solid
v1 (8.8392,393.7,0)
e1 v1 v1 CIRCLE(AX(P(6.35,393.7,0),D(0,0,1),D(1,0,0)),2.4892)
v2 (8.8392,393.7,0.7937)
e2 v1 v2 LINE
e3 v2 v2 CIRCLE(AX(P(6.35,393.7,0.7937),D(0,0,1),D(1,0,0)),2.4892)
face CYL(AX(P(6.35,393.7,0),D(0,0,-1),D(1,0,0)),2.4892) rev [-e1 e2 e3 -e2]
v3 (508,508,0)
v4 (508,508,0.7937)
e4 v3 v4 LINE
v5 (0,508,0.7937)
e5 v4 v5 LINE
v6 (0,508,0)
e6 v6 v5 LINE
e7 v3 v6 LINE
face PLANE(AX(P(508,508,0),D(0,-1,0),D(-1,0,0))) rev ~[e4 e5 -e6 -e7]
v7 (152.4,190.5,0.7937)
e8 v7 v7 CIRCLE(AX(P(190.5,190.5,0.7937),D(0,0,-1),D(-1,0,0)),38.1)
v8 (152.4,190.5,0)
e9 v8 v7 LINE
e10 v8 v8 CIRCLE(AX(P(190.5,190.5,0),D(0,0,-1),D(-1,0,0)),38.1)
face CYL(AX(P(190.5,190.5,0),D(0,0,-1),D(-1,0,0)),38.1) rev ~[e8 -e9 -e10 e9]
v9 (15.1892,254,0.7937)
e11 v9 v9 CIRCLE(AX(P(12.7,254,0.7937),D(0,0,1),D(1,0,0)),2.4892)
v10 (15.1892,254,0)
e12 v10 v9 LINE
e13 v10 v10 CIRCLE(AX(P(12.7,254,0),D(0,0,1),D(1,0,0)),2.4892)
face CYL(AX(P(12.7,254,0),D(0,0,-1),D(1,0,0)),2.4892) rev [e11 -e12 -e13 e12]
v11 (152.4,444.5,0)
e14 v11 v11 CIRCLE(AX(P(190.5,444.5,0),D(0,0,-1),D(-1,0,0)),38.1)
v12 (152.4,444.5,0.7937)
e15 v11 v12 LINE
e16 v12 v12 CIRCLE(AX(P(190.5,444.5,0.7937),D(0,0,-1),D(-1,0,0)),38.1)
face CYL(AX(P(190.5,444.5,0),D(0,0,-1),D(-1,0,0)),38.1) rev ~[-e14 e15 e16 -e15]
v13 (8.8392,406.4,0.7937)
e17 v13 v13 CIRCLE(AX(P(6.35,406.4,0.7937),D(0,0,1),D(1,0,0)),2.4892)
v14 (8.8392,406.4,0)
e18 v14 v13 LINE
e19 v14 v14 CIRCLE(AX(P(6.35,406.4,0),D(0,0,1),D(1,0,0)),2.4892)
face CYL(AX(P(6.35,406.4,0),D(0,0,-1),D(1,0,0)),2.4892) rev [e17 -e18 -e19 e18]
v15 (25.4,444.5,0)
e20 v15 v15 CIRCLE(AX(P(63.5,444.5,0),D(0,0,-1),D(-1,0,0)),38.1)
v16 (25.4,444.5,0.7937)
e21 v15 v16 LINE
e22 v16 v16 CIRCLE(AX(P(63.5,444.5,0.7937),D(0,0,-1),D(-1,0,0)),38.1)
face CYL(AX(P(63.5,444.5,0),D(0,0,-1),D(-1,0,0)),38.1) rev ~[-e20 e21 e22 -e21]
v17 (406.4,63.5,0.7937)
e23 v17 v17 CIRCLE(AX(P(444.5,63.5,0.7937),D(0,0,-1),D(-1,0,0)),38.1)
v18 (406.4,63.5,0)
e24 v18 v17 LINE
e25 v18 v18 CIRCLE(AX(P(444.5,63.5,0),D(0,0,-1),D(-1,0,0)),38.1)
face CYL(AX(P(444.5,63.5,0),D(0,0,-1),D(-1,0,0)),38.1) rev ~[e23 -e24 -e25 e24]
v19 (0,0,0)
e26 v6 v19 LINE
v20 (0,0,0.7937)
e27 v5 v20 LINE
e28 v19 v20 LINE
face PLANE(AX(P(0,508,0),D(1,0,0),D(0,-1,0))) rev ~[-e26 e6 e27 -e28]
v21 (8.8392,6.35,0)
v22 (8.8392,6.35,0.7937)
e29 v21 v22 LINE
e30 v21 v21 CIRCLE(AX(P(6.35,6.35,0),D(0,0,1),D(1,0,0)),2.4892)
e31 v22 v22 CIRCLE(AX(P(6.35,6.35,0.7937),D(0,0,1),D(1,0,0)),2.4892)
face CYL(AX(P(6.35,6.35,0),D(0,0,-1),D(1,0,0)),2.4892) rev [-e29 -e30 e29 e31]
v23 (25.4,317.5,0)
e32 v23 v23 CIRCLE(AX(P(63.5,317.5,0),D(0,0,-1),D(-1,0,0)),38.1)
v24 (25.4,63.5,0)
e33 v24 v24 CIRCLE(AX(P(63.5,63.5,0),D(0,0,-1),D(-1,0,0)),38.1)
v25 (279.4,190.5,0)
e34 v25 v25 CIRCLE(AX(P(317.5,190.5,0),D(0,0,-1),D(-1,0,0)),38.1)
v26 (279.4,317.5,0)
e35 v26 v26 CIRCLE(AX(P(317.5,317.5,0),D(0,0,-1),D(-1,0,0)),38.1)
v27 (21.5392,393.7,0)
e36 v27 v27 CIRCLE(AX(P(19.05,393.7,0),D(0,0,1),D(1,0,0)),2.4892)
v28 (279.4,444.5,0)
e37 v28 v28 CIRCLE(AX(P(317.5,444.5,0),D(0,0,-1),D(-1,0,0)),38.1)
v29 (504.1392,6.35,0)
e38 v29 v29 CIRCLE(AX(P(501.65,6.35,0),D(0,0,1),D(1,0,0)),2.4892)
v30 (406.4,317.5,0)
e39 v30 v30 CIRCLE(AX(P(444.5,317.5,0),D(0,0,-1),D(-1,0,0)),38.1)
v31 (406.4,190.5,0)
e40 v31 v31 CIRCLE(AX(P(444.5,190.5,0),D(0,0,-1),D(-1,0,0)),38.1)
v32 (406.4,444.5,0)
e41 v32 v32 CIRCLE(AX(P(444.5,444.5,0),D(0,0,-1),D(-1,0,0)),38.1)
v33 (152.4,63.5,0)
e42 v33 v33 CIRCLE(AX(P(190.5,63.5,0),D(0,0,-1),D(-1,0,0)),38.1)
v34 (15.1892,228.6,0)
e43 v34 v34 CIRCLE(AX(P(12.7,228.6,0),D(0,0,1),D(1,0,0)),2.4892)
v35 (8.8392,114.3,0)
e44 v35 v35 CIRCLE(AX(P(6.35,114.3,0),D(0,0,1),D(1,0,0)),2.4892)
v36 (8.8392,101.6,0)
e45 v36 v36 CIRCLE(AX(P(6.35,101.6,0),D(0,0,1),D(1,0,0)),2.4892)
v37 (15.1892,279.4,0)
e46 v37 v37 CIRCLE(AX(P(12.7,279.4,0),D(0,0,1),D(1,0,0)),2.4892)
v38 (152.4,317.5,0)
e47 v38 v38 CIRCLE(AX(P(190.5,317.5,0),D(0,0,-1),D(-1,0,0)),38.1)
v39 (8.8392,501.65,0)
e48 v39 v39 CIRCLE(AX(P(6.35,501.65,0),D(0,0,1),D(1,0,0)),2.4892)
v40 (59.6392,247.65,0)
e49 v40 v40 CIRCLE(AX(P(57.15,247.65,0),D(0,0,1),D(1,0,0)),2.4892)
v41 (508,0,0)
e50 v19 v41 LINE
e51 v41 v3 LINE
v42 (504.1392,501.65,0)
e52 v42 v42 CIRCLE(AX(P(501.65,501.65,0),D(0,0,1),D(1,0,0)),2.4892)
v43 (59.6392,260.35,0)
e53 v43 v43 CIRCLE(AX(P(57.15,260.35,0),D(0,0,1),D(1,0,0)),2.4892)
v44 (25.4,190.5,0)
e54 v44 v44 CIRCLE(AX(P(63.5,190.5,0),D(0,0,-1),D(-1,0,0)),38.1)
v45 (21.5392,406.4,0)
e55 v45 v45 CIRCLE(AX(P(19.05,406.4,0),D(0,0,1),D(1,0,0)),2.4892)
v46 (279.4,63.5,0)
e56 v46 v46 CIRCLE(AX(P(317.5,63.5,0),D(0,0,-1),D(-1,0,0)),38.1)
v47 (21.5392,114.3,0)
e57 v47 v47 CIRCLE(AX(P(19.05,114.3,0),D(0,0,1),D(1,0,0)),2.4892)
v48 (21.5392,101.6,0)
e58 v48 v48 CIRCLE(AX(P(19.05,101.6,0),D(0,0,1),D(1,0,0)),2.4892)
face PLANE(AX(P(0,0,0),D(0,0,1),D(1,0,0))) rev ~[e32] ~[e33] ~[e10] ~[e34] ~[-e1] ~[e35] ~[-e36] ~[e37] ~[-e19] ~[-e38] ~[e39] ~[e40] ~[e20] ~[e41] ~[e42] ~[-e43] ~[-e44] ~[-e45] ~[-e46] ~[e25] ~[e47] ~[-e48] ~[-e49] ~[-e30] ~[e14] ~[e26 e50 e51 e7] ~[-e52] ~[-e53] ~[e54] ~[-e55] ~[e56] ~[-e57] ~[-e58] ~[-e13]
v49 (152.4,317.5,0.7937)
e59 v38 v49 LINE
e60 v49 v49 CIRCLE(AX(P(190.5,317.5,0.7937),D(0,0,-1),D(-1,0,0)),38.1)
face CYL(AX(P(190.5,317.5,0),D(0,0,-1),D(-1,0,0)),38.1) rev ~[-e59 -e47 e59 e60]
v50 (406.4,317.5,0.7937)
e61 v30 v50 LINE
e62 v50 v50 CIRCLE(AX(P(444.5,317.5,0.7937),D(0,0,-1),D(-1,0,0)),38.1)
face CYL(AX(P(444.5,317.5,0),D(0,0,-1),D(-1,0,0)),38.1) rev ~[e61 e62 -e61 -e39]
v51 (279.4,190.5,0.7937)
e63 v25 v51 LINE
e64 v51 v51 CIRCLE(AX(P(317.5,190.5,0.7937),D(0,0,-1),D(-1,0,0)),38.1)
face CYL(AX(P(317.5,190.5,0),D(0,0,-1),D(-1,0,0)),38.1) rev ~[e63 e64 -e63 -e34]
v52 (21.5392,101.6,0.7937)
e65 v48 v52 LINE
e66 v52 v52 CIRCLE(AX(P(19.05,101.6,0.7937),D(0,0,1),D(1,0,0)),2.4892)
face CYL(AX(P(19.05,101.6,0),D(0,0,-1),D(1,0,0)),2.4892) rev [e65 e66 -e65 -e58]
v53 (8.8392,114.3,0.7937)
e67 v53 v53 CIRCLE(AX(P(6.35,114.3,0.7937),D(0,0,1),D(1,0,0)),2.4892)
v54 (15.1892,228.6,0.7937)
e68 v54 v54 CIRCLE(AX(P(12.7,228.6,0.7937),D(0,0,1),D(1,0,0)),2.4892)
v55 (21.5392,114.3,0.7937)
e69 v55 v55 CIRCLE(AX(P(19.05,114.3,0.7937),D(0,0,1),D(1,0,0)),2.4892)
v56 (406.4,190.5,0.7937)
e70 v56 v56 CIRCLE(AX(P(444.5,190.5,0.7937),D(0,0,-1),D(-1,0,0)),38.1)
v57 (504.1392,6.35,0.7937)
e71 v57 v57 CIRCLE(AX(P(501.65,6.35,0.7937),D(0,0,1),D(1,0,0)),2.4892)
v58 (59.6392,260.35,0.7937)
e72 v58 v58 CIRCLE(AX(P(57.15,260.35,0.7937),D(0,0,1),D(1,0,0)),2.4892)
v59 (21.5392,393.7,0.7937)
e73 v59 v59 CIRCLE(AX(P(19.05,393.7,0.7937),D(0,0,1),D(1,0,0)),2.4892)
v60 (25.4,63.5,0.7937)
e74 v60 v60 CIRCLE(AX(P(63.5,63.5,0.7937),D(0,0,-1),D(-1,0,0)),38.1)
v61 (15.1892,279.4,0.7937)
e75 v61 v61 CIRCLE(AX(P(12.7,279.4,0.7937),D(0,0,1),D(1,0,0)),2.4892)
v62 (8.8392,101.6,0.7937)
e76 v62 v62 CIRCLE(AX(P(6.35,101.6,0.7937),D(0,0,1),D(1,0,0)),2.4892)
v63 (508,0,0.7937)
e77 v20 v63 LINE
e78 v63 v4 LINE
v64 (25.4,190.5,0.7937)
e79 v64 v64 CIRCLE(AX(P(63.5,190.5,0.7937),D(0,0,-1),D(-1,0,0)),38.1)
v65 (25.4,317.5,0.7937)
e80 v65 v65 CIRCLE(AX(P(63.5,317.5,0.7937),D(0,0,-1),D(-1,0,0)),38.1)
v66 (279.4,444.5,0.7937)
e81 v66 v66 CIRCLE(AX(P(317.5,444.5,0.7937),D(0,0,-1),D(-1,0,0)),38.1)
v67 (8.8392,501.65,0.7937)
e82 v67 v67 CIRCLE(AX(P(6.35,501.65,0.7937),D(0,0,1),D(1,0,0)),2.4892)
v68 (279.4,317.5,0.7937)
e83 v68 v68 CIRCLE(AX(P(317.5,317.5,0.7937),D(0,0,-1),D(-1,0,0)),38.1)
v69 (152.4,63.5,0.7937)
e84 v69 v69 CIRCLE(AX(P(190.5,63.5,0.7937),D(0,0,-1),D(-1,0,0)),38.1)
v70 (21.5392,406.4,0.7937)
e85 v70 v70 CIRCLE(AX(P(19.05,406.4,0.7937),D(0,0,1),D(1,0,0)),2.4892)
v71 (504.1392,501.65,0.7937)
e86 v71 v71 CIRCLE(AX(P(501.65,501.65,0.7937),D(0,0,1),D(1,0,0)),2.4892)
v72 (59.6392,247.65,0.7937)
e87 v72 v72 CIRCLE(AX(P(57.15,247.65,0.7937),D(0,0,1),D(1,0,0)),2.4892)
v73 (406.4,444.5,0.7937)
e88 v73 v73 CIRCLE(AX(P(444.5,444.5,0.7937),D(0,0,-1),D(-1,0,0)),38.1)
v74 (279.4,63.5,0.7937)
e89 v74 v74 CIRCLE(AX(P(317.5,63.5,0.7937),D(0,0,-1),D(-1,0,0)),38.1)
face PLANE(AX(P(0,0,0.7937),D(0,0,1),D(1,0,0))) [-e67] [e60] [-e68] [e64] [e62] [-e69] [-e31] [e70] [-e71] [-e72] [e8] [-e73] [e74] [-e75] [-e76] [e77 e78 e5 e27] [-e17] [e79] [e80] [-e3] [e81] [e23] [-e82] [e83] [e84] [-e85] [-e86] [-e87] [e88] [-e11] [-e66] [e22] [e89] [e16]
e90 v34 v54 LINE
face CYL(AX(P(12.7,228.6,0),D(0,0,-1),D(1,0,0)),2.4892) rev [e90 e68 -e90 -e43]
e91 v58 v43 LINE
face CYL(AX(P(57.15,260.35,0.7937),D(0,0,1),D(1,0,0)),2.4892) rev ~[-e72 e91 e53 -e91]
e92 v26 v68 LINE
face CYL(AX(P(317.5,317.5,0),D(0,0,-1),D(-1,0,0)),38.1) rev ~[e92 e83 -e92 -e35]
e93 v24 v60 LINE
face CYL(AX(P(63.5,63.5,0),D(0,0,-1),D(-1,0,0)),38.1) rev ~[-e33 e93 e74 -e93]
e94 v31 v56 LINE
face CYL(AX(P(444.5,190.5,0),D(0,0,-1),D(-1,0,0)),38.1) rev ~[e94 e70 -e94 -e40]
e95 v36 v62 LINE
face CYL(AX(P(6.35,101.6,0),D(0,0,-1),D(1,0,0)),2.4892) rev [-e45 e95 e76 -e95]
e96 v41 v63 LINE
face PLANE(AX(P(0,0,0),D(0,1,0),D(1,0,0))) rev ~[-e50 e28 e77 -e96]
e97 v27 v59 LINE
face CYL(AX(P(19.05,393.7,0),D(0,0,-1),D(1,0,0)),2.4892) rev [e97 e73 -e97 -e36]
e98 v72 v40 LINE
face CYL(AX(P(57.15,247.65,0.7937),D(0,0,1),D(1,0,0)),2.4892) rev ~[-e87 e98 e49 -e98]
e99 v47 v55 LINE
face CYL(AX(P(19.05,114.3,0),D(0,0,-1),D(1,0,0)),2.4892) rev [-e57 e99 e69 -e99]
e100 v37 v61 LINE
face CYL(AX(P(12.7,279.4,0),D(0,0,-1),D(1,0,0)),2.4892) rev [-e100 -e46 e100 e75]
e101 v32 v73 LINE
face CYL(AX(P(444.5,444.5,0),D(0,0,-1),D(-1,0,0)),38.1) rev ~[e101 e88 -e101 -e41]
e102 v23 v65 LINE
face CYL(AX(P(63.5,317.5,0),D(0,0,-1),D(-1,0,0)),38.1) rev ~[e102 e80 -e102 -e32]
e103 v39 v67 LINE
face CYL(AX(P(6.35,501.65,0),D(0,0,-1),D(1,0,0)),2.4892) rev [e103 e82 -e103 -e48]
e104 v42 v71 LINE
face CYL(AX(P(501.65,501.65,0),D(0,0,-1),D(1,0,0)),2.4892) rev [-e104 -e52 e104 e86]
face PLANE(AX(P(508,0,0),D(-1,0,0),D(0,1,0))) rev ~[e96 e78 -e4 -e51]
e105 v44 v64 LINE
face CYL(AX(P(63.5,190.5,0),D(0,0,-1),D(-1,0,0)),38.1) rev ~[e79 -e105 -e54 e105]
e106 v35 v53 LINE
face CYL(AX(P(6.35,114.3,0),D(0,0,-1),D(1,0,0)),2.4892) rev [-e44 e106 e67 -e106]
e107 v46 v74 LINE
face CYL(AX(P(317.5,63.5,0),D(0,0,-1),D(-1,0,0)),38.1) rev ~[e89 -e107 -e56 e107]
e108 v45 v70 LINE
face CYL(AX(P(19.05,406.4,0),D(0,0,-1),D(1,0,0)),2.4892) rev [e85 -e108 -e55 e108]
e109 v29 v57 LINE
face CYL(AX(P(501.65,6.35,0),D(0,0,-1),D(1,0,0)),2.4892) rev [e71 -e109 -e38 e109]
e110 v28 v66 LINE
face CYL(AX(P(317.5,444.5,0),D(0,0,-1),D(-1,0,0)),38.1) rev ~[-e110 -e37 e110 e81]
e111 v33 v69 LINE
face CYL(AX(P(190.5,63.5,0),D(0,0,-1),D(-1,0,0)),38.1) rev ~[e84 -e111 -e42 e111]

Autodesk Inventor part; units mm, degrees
ref_plane "YZ Plane" through (0, 0, 0) normal (1, 0, 0) x (0, 1, 0)
ref_plane "XZ Plane" through (0, 0, 0) normal (0, 1, 0) x (-1, 0, 0)
ref_plane "XY Plane" through (0, 0, 0) normal (0, 0, 1) x (1, 0, 0)
sketch "Sketch1" plane through (0, 0, 0) normal (0, 0, 1) x (1, 0, 0)
  line L0 (0, 0) -> (508, 0)
  line L1 (508, 0) -> (508, 508)
  line L2 (508, 508) -> (0, 508)
  line L3 (0, 508) -> (0, 0)
  line L4 (0, 254) -> (508, 254) construction
  line L5 (254, 508) -> (254, 0) construction
  line L6 (25.4, 482.6) -> (482.6, 482.6) construction
  line L7 (482.6, 482.6) -> (482.6, 25.4) construction
  line L8 (482.6, 25.4) -> (25.4, 25.4) construction
  line L9 (25.4, 25.4) -> (25.4, 482.6) construction
  circle A0 centre (6.35, 501.65) radius 2.4892
  circle A1 centre (501.65, 501.65) radius 2.4892
  circle A2 centre (501.65, 6.35) radius 2.4892
  circle A3 centre (6.35, 6.35) radius 2.4892
  line L10 (254, 254) -> (25.4, 254) construction
  circle A4 centre (6.35, 406.4) radius 2.4892
  circle A5 centre (6.35, 393.7) radius 2.4892
  circle A6 centre (19.05, 406.4) radius 2.4892
  circle A7 centre (19.05, 393.7) radius 2.4892
  circle A8 centre (6.35, 101.6) radius 2.4892
  circle A9 centre (6.35, 114.3) radius 2.4892
  circle A10 centre (19.05, 101.6) radius 2.4892
  circle A11 centre (19.05, 114.3) radius 2.4892
  line L11 (0, 292.1) -> (19.05, 292.1) construction
  line L12 (19.05, 292.1) -> (19.05, 215.9) construction
  line L13 (19.05, 215.9) -> (0, 215.9) construction
  line L14 (0, 215.9) -> (0, 292.1) construction
  circle A12 centre (12.7, 279.4) radius 2.4892
  circle A13 centre (12.7, 228.6) radius 2.4892
  circle A14 centre (12.7, 254) radius 2.4892
  dimension "d5" = 508
  dimension "d6" = 508
  dimension "d12" = 25.4
  dimension "d67" = 4.9784
  dimension "d69" = 6.35
  dimension "d70" = 6.35
  dimension "d106" = 4.9784
  dimension "d109" = 12.7
  dimension "d112" = 12.7
  dimension "d115" = 6.35
  dimension "d116" = 101.6
  dimension "d117" = 19.05
  dimension "d118" = 76.2
  dimension "d119" = 4.9784
  dimension "d120" = 12.7
  dimension "d121" = 6.35
  dimension "d123" = 6.35
extrude "Extrusion1" add sketch "Sketch1" along normal blind 0.7937
sketch "Sketch3" plane through (0, 0, 0) normal (0, 0, -1) x (-1, 0, 0)
  line L0 (-508, 508) -> (0, 508) projected
  line L1 (-508, 0) -> (-508, 508) projected
  circle A0 centre (-444.5, 444.5) radius 38.1
  dimension "d26" = 76.2
  dimension "d27" = 63.5
  dimension "d28" = 63.5
extrude "Extrusion3" cut sketch "Sketch3" against normal blind 1.5875
pattern_linear "Rectangular Pattern1" count 4 spacing 127 along (-1, 0, 0) count 4 spacing 127 along (0, -1, 0) of "Extrusion3"
sketch "Sketch4" plane through (0, 0, 0.7937) normal (0, 0, 1) x (1, 0, 0)
  circle A0 centre (12.7, 254) radius 2.4892 projected
  line L0 (508, 0) -> (508, 508) projected
  line L1 (0, 508) -> (0, 0) projected
  line L2 (63.5, 266.7) -> (50.8, 266.7) construction
  line L3 (50.8, 266.7) -> (50.8, 241.3) construction
  line L4 (50.8, 241.3) -> (63.5, 241.3) construction
  line L5 (63.5, 241.3) -> (63.5, 266.7) construction
  line L6 (0, 254) -> (508, 254) construction
  circle A1 centre (57.15, 260.35) radius 2.4892
  circle A2 centre (57.15, 247.65) radius 2.4892
  dimension "d124" = 25.4
  dimension "d125" = 12.7
  dimension "d126" = 4.9784
  dimension "d127" = 6.35
  dimension "d130" = 50.8
  dimension "d131" = 6.35
extrude "Extrusion4" cut sketch "Sketch4" against normal blind 25.4 contours A1 | A2
equation "\"BendRadius\" = Thickness"
equation "\"BendReliefWidth\" = Thickness"
equation "\"BendReliefDepth\" = 0.5 * Thickness"
equation "\"CornerReliefSize\" = 4 * Thickness"
equation "\"MinimumRemnant\" = 2 * Thickness"
equation "\"TransitionRadius\" = BendRadius"
equation "\"JacobiRadiusSize\" = Thickness"
equation "\"GapSize\" = Thickness"
equation "\"Thickness\" = 3.048"
properties part number "Plastic Funnel PIece" material "Polycarbonate, Clear"
